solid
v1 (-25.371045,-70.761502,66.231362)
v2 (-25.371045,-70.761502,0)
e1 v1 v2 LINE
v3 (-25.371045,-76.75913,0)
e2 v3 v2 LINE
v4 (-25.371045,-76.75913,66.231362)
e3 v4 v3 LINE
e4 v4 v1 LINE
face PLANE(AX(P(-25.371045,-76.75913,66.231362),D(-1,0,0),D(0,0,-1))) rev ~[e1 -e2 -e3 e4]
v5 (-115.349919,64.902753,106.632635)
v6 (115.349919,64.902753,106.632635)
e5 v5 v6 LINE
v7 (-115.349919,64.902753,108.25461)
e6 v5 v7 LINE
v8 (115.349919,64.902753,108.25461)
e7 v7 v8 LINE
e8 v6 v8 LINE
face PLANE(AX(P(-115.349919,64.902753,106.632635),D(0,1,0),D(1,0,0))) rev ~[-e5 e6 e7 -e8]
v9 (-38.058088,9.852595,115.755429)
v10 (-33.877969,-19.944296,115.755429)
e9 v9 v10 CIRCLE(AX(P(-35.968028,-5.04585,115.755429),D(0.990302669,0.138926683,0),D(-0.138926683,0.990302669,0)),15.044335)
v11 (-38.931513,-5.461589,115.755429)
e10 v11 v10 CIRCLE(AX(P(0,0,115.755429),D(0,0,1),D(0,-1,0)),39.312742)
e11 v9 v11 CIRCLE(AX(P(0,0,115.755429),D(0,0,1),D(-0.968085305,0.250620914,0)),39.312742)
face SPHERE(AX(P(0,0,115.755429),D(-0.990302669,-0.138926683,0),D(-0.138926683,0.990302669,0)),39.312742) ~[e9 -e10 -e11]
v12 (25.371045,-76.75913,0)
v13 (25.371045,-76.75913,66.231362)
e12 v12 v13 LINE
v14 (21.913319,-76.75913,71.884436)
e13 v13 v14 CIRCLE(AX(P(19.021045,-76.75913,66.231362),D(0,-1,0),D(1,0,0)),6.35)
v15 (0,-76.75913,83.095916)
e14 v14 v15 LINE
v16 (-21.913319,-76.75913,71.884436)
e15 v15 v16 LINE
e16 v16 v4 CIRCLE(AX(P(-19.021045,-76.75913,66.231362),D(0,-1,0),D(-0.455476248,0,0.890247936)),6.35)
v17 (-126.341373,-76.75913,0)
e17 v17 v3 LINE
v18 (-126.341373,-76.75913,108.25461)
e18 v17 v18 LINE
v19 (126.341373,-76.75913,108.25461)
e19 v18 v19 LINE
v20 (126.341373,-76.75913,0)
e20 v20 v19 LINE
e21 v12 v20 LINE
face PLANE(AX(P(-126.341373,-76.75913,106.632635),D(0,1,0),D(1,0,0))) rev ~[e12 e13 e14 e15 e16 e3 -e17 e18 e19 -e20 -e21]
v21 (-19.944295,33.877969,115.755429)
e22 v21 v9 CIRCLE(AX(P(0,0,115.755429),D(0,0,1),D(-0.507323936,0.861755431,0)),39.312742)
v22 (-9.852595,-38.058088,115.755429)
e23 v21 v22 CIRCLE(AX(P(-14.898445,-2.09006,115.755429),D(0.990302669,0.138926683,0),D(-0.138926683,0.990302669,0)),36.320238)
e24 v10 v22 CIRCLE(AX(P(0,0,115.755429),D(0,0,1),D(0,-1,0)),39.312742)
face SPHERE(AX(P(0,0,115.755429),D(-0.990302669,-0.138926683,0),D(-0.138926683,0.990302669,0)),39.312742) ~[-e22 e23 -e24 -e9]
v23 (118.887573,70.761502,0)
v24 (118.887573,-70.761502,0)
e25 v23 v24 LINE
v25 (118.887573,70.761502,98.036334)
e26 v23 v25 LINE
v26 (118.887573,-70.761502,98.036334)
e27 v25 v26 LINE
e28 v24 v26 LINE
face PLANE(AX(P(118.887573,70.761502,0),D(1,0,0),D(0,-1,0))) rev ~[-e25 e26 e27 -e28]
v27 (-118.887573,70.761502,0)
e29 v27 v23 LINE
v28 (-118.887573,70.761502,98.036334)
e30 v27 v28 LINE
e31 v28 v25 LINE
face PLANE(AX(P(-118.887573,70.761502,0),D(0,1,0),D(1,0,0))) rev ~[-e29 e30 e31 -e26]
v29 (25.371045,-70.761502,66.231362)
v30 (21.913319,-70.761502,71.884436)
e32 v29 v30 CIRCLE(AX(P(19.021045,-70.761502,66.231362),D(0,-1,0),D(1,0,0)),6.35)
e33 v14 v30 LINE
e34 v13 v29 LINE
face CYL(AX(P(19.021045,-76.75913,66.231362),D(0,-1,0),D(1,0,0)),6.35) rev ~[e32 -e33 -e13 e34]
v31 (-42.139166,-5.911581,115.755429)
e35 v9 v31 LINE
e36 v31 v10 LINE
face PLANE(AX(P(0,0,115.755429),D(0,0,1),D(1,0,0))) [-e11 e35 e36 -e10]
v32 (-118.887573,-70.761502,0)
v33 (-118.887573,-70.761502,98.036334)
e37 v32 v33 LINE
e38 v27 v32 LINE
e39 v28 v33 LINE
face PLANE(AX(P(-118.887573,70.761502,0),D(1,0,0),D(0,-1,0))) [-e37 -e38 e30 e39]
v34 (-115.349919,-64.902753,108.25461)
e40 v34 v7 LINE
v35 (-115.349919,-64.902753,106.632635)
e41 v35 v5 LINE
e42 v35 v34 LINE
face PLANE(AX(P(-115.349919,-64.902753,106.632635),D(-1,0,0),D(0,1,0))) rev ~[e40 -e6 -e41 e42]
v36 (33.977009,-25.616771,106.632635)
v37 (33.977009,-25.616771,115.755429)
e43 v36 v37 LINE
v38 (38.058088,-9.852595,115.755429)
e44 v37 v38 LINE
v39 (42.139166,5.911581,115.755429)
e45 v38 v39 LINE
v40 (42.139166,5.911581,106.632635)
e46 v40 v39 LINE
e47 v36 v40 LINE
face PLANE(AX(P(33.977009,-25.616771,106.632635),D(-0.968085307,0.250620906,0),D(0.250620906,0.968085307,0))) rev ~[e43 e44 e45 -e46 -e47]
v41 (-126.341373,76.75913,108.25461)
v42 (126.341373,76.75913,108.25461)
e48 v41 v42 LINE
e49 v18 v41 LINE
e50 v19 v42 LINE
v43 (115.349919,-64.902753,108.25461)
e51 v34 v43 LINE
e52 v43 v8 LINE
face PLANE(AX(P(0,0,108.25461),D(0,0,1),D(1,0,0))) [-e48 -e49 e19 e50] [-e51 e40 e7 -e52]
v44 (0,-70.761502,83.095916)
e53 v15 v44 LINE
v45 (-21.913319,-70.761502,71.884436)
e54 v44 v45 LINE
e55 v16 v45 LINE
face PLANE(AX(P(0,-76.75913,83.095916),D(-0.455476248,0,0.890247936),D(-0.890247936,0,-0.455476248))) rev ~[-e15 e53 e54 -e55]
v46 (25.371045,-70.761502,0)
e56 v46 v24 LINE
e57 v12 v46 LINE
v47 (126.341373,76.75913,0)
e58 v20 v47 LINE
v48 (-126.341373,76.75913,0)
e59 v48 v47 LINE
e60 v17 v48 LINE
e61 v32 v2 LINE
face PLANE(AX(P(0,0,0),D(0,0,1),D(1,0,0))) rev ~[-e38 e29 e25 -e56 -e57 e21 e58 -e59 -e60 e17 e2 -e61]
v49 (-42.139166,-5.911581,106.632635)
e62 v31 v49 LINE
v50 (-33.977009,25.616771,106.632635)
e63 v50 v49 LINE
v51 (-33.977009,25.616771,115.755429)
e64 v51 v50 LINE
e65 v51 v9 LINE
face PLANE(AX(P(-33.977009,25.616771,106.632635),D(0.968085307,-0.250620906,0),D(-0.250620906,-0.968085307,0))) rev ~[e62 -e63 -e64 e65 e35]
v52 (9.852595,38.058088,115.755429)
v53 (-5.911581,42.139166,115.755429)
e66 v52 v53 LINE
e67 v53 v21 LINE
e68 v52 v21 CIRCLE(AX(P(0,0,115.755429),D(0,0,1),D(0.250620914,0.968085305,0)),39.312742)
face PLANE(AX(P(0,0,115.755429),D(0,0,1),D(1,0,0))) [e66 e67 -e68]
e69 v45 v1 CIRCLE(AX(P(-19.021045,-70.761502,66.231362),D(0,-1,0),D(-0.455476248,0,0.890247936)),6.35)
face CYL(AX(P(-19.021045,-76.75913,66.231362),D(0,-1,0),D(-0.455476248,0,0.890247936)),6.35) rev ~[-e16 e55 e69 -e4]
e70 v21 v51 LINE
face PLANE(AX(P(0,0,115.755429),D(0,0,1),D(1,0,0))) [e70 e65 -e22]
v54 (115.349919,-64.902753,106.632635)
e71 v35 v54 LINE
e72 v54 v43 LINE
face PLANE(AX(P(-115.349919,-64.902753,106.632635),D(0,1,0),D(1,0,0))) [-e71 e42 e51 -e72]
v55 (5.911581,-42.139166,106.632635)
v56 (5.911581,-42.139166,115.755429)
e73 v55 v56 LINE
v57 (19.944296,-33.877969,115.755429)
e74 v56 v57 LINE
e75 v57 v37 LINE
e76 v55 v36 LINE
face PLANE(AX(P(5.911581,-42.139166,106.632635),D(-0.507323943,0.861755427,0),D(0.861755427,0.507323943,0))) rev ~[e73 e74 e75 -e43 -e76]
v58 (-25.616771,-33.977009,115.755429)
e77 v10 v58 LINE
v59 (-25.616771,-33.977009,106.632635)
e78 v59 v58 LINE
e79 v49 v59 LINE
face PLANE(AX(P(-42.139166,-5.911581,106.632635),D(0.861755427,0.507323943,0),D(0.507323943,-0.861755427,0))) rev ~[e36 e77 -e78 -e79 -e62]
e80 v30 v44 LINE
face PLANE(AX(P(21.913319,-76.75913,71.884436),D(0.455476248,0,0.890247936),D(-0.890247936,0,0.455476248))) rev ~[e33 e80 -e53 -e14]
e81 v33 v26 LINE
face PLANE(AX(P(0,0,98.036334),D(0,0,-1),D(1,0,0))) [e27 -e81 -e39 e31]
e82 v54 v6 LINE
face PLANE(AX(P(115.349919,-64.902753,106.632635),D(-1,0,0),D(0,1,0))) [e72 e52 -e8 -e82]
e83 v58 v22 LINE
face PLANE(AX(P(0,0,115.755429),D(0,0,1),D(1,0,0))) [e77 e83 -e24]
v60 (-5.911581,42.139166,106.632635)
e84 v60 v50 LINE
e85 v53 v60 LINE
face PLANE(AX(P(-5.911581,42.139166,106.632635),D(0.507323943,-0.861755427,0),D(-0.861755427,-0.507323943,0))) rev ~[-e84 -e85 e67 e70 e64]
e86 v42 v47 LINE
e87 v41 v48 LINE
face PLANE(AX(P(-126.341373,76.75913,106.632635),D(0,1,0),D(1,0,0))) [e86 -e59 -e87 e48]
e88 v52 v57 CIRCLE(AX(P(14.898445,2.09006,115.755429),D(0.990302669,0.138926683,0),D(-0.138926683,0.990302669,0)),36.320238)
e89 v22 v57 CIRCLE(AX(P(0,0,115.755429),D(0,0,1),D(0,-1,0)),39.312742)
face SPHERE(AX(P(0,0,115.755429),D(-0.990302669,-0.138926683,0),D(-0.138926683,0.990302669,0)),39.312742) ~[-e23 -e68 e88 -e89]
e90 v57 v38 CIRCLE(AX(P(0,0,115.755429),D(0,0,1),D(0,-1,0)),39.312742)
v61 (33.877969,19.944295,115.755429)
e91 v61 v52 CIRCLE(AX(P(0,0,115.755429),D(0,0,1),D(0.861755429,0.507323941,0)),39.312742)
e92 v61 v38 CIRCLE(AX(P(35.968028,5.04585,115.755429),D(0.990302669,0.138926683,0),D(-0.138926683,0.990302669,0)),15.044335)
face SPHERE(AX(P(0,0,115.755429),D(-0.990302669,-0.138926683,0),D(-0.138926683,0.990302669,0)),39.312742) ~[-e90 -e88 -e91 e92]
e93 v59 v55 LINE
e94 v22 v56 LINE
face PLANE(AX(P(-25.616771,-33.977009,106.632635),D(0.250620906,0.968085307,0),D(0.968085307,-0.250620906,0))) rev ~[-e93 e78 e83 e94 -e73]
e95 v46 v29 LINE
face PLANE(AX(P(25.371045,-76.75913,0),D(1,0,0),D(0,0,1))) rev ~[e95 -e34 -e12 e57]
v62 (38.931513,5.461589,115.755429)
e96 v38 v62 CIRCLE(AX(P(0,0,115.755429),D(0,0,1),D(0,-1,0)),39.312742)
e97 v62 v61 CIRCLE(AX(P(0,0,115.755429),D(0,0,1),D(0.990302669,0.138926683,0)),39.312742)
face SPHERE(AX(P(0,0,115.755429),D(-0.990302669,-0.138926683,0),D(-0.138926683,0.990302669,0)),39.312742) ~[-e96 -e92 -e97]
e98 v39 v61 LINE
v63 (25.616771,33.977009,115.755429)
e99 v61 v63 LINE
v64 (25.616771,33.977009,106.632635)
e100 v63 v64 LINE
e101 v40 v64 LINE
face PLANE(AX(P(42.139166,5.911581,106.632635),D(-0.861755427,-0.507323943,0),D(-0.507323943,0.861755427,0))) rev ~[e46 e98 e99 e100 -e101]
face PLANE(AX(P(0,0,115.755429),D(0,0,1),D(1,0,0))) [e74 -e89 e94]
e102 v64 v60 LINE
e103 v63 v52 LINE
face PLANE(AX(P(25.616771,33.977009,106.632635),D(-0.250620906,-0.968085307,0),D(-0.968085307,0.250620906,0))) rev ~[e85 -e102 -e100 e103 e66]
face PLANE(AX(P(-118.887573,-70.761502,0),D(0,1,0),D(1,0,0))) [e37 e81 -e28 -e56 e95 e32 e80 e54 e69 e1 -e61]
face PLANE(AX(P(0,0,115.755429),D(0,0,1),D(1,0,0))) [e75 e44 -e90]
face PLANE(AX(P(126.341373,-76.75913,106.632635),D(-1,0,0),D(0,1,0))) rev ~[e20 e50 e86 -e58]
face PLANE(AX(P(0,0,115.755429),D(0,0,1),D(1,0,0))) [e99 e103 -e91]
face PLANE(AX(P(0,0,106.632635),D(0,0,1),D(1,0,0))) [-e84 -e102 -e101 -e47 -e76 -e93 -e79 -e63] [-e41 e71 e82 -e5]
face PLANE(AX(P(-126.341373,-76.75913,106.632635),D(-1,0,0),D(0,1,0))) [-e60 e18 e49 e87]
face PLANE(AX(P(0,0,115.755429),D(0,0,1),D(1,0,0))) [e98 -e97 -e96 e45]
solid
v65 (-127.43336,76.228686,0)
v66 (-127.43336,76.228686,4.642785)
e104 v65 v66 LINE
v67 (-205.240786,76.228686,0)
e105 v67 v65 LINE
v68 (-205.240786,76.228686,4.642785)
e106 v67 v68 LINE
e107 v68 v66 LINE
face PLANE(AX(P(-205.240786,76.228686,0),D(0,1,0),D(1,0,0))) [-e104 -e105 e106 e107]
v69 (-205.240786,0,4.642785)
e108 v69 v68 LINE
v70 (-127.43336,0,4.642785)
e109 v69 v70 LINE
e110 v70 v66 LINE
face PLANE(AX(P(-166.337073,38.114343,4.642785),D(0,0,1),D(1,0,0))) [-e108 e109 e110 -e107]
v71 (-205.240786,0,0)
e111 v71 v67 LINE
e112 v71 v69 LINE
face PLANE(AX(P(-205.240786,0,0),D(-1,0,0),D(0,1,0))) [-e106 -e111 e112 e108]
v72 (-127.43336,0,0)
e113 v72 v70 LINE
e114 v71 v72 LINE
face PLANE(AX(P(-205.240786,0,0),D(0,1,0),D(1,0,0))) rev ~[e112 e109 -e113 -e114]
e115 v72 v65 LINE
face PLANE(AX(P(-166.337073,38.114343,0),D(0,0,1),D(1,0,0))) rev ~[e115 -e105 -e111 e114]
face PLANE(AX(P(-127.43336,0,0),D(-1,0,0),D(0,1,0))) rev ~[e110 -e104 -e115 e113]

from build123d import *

# Parameters (mm, degrees)
F0_W      = 252.6827454567
F0_H      = 153.5182595253
F1_DEPTH  = 106.6326349974
F3_DEPTH  = 9.122794494
F6_W      = 252.6827454567
F6_H      = 153.5182595253
F6_W_2    = 230.6998372078
F6_H_2    = 129.8055052757
F7_DEPTH  = 1.6219746321
F9_DEPTH  = 6.3263718039
F10_W     = 237.7751469612
F10_H     = 141.5230035782
F11_DEPTH = 98.0363339186
F12_W     = 77.8074264526
F12_H     = 76.2286856771
F13_DEPTH = 4.6427845955


with BuildPart() as f1:
    # F0 (on Top) → F1 (new body)
    with BuildSketch(Plane.XY):
        Rectangle(F0_W, F0_H)
    extrude(amount=F1_DEPTH)

    # F2 (on face) → F3 (join)
    with BuildSketch(Plane.XY.offset(106.6326349974)):
        Polygon((-42.1391663881, -5.9115811494), (-25.6167711882, -33.9770094248), (5.9115811494, -42.1391663881), (33.9770094248, -25.6167711882), (42.1391663881, 5.9115811494), (25.6167711882, 33.9770094248), (-5.9115811494, 42.1391663881), (-33.9770094248, 25.6167711882), align=None)
    extrude(amount=F3_DEPTH)

    # F4 (on face) → F5 (revolve)
    with BuildSketch(Plane.XY.offset(115.7554294914)):
        with BuildLine():
            Line((-38.931513343, -5.4615888287), (38.931513343, 5.4615888287))
            ThreePointArc((38.931513343, 5.4615888287), (37.1179521217, 12.9518073642), (33.8779688325, 19.9442952117))
            ThreePointArc((33.8779688325, 19.9442952117), (23.6668107599, 31.3906634553), (9.852595347, 38.0580878216))
            ThreePointArc((9.852595347, 38.0580878216), (-5.461588509, 38.9315133879), (-19.9442950223, 33.8779689441))
            ThreePointArc((-19.9442950223, 33.8779689441), (-31.3906633892, 23.6668108477), (-38.0580878216, 9.852595347))
            ThreePointArc((-38.0580878216, 9.852595347), (-39.2489583443, 2.2385157127), (-38.931513343, -5.4615888287))
        make_face()
    revolve(axis=Axis((0, 0, 115.7554294914), (0.9903026693, 0.1389266826, 0)))

    # F6 (on face) → F7 (join)
    with BuildSketch(Plane.XY.offset(106.6326349974)):
        Rectangle(F6_W, F6_H)
        Rectangle(F6_W_2, F6_H_2, mode=Mode.SUBTRACT)
        Polygon((-33.9770094248, 25.6167711882), (-42.1391663881, -5.9115811494), (-25.6167711882, -33.9770094248), (5.9115811494, -42.1391663881), (33.9770094248, -25.6167711882), (42.1391663881, 5.9115811494), (25.6167711882, 33.9770094248), (-5.9115811494, 42.1391663881), align=None)
    extrude(amount=F7_DEPTH)

    # F8 (on face) → F9 (cut)
    with BuildSketch(Plane.XZ.offset(76.7591297626)):
        with BuildLine():
            Line((0, 83.0959156156), (0, 0))
            Line((0, 0), (25.3710448742, 0))
            Line((25.3710448742, 0), (25.3710448742, 66.2313618939))
            ThreePointArc((25.3710448742, 66.2313618939), (24.438075472, 69.544710578), (21.9133190466, 71.8844362886))
            Line((21.9133190466, 71.8844362886), (0, 83.0959156156))
        make_face()
        with BuildLine():
            Line((-25.3710448742, 0), (0, 0))
            Line((0, 0), (0, 83.0959156156))
            Line((0, 83.0959156156), (-21.9133190466, 71.8844362886))
            ThreePointArc((-21.9133190466, 71.8844362886), (-24.438075472, 69.544710578), (-25.3710448742, 66.2313618939))
            Line((-25.3710448742, 66.2313618939), (-25.3710448742, 0))
        make_face()
    extrude(amount=-F9_DEPTH, mode=Mode.SUBTRACT)

    # F10 (on face) → F11 (cut)
    with BuildSketch(Plane(origin=(0, 0, 0), x_dir=(1, 0, 0), z_dir=(0, 0, -1))):
        Rectangle(F10_W, F10_H)
    extrude(amount=-F11_DEPTH, mode=Mode.SUBTRACT)


with BuildPart() as f13:
    # F12 (on Top) → F13 (new body)
    with BuildSketch(Plane.XY):
        with Locations((-166.3370728493, 38.1143428385)):
            Rectangle(F12_W, F12_H)
    extrude(amount=F13_DEPTH)


solid = Compound([f1.part, f13.part])
